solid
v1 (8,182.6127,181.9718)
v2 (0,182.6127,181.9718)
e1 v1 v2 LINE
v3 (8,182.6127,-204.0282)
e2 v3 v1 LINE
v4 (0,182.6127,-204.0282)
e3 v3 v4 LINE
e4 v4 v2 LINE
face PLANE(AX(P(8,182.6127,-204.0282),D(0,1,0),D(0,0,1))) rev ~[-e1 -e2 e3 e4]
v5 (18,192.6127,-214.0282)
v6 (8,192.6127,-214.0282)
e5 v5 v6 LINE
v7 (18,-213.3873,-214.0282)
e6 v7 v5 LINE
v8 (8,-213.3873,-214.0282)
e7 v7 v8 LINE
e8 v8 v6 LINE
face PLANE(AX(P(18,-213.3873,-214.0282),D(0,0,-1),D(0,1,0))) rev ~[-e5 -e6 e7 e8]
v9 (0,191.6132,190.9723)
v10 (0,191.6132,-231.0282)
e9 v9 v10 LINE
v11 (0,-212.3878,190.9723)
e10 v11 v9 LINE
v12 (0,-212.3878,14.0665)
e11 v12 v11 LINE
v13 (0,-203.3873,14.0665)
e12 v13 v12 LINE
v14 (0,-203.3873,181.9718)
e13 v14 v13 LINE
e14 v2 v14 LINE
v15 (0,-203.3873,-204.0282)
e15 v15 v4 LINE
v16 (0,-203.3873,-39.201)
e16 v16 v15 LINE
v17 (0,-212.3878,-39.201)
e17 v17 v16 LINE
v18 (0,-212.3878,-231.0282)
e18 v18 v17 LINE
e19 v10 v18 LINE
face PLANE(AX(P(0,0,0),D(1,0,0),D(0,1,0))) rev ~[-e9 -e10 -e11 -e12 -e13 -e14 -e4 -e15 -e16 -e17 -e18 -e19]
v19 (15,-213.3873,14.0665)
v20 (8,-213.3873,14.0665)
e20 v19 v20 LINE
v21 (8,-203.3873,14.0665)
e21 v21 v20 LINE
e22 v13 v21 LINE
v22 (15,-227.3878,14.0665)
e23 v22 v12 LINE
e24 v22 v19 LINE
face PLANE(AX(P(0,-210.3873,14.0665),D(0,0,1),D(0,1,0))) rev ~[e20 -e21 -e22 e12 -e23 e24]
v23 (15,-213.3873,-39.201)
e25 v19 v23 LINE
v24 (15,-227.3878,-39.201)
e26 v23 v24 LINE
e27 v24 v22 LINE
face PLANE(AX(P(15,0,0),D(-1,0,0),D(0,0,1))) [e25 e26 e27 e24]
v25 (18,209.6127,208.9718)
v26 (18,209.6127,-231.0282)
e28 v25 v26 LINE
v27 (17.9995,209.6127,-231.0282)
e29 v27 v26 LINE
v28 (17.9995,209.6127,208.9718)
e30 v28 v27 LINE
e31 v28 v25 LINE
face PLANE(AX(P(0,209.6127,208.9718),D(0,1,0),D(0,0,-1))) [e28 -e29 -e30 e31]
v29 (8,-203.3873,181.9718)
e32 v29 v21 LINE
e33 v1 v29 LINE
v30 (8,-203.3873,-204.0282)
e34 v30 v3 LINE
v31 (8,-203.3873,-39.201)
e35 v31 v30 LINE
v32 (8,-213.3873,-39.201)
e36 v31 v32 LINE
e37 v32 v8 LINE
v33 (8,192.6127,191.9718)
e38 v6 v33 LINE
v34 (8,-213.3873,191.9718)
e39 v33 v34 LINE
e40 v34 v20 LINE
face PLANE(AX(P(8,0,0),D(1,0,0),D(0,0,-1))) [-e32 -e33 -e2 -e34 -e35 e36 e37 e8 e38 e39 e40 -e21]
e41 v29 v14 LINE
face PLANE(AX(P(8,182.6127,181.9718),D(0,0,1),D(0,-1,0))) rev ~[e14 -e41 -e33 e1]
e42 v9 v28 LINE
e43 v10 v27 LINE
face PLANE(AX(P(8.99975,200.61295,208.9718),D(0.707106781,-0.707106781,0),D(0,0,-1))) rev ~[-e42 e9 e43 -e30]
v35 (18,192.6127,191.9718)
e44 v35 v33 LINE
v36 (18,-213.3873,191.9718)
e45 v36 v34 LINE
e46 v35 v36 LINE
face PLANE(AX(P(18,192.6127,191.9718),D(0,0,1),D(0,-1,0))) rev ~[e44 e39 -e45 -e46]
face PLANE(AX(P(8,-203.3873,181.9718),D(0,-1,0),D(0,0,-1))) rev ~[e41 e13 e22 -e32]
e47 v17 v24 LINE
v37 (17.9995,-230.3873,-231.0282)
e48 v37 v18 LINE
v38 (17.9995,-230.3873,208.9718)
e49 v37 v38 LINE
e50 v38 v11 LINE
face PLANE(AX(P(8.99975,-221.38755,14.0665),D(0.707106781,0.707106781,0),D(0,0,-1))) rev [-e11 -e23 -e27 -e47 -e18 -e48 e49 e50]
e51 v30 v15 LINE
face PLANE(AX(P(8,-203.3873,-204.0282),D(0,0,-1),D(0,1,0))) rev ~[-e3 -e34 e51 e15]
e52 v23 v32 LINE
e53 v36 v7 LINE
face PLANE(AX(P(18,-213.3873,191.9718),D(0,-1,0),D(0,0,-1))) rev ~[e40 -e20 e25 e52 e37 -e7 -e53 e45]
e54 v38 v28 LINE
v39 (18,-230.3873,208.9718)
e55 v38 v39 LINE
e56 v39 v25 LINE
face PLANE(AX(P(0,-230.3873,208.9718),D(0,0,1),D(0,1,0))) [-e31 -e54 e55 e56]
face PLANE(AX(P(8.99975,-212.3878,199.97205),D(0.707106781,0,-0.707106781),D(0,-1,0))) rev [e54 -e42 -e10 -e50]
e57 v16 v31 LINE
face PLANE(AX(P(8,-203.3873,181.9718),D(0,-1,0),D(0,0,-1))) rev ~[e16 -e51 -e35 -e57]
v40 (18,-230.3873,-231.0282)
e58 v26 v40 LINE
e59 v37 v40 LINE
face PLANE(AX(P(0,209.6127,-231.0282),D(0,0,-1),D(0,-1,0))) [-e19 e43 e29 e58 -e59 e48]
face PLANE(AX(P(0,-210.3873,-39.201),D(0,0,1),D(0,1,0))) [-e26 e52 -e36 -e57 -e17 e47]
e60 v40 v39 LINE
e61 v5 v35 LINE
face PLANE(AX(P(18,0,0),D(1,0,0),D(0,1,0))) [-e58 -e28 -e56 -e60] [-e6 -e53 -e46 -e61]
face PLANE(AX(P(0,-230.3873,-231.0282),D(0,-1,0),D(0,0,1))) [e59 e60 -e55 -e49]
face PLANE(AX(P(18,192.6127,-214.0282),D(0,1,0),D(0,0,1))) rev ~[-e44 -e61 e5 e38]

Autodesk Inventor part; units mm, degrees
ref_plane "YZ Plane" through (0, 0, 0) normal (1, 0, 0) x (0, 1, 0)
ref_plane "XZ Plane" through (0, 0, 0) normal (0, 1, 0) x (-1, 0, 0)
ref_plane "XY Plane" through (0, 0, 0) normal (0, 0, 1) x (1, 0, 0)
sketch "Skizze1" plane through (0, 0, 0) normal (1, 0, 0) x (0, 1, 0)
  line L0 (-230.3873, 208.9718) -> (209.6127, 208.9718)
  line L1 (209.6127, 208.9718) -> (209.6127, -231.0282)
  line L2 (209.6127, -231.0282) -> (-230.3873, -231.0282)
  line L3 (-230.3873, -231.0282) -> (-230.3873, 208.9718)
  point P0 (0, 0)
  dimension "d0" = 440
  dimension "d1" = 440
extrude "Extrusion1" add sketch "Skizze1" along normal blind 18
sketch "Skizze2" plane through (18, 0, 0) normal (1, 0, 0) x (0, 0, -1)
  line L0 (-208.9718, 209.6127) -> (-208.9718, -230.3873) projected
  line L1 (-208.9718, -230.3873) -> (231.0282, -230.3873) projected
  line L2 (231.0282, -230.3873) -> (231.0282, 209.6127) projected
  line L3 (231.0282, 209.6127) -> (-208.9718, 209.6127) projected
  line L4 (-191.9718, -213.3873) -> (214.0282, -213.3873)
  line L5 (214.0282, -213.3873) -> (214.0282, 192.6127)
  line L6 (214.0282, 192.6127) -> (-191.9718, 192.6127)
  line L7 (-191.9718, 192.6127) -> (-191.9718, -213.3873)
  point P0 (0, 0)
  dimension "d4" = 17
  dimension "d5" = 17
  dimension "d6" = 17
  dimension "d7" = 17
extrude "Extrusion2" cut sketch "Skizze2" against normal blind 10 contours L7 L6 L5 L4
sketch "Skizze3" plane through (8, 0, 0) normal (1, 0, 0) x (0, 0, -1)
  line L0 (214.0282, -213.3873) -> (-191.9718, -213.3873) projected
  line L1 (214.0282, 192.6127) -> (214.0282, -213.3873) projected
  line L2 (-191.9718, 192.6127) -> (214.0282, 192.6127) projected
  line L3 (-191.9718, -213.3873) -> (-191.9718, 192.6127) projected
  line L4 (-181.9718, -203.3873) -> (204.0282, -203.3873)
  line L5 (204.0282, -203.3873) -> (204.0282, 182.6127)
  line L6 (204.0282, 182.6127) -> (-181.9718, 182.6127)
  line L7 (-181.9718, 182.6127) -> (-181.9718, -203.3873)
  point P0 (0, 0)
  dimension "d10" = 10
  dimension "d11" = 10
  dimension "d12" = 10
  dimension "d13" = 10
extrude "Extrusion3" cut sketch "Skizze3" against normal blind 8 contours L7 L6 L5 L4
sketch "Skizze6" plane through (0, 0, 0) normal (-1, 0, 0) x (0, 0, 1)
  line L0 (-204.0282, -203.3873) -> (-204.0282, 182.6127) projected
  line L1 (-204.0282, 182.6127) -> (181.9718, 182.6127) projected
  line L2 (181.9718, 182.6127) -> (181.9718, -203.3873) projected
  line L3 (181.9718, -203.3873) -> (-204.0282, -203.3873) projected
  line L4 (208.9718, -230.3873) -> (208.9718, 209.6127) projected
  line L5 (208.9718, 209.6127) -> (-231.0282, 209.6127) projected
  line L6 (-231.0282, 209.6127) -> (-231.0282, -230.3873) projected
  line L7 (-231.0282, -230.3873) -> (208.9718, -230.3873) projected
  line L8 (6.4718, -214.3873) -> (6.4718, -223.3873) projected
  line L9 (10.9718, -214.3873) -> (6.4718, -214.3873) projected
  line L10 (6.4718, -223.3873) -> (1.9718, -223.3873) projected
  line L11 (1.9718, -210.3873) -> (1.9718, -223.3873) projected
  line L12 (10.9718, -210.3873) -> (10.9718, -214.3873) projected
  line L13 (-211.0282, -210.3873) -> (188.9718, -210.3873) projected
  line L14 (-0.0282, -210.3873) -> (-0.0282, -223.3873) projected
  line L15 (-9.0282, -210.3873) -> (-9.0282, -214.3873) projected
  line L16 (-4.5282, -214.3873) -> (-9.0282, -214.3873) projected
  line L17 (-4.5282, -214.3873) -> (-4.5282, -223.3873) projected
  line L18 (-0.0282, -223.3873) -> (-4.5282, -223.3873) projected
  line L19 (-16.0282, -210.3873) -> (-16.0282, -214.3873) projected
  line L20 (-16.0282, -214.3873) -> (-20.5282, -214.3873) projected
  line L21 (-20.5282, -214.3873) -> (-20.5282, -223.3873) projected
  line L22 (-20.5282, -223.3873) -> (-25.0282, -223.3873) projected
  line L23 (-25.0282, -210.3873) -> (-25.0282, -223.3873) projected
  line L24 (-27.0282, -210.3873) -> (-27.0282, -223.3873) projected
  line L25 (-27.0282, -223.3873) -> (-31.5282, -223.3873) projected
  line L26 (-31.5282, -214.3873) -> (-31.5282, -223.3873) projected
  line L27 (-31.5282, -214.3873) -> (-36.0282, -214.3873) projected
  line L28 (-36.0282, -210.3873) -> (-36.0282, -214.3873) projected
  line L29 (-231.0282, -230.3873) -> (208.9718, -230.3873) projected
  line L30 (14.0665, -230.3873) -> (14.0665, -203.3873)
  line L31 (-39.201, -230.3873) -> (-39.201, -203.3873)
  point P0 (0, 0)
extrude "Extrusion4" cut sketch "Skizze6" against normal blind 15 contours L3 L30 L13 L31 | L13 L28 L27 L26 L25 L24 L23 L22 L21 L20 L19 L15 L16 L17 L18 L14 L11 L10 L8 L9 L12 L30 L7 L31 | L13 L24 L25 L26 L27 L28 | L12 L9 L8 L10 L11 L13 | L13 L19 L20 L21 L22 L23 | L14 L18 L17 L16 L15 L13
chamfer "Fase1" distance 18 angle 45 1 edges at (0, -230.3873, 111.5191)
chamfer "Fase2" distance 18 angle 45 2 edges at (0, 209.6127, -11.0282) (0, -1.3876, 208.9718)
properties part number "PV_Rahmen_CPY2"
